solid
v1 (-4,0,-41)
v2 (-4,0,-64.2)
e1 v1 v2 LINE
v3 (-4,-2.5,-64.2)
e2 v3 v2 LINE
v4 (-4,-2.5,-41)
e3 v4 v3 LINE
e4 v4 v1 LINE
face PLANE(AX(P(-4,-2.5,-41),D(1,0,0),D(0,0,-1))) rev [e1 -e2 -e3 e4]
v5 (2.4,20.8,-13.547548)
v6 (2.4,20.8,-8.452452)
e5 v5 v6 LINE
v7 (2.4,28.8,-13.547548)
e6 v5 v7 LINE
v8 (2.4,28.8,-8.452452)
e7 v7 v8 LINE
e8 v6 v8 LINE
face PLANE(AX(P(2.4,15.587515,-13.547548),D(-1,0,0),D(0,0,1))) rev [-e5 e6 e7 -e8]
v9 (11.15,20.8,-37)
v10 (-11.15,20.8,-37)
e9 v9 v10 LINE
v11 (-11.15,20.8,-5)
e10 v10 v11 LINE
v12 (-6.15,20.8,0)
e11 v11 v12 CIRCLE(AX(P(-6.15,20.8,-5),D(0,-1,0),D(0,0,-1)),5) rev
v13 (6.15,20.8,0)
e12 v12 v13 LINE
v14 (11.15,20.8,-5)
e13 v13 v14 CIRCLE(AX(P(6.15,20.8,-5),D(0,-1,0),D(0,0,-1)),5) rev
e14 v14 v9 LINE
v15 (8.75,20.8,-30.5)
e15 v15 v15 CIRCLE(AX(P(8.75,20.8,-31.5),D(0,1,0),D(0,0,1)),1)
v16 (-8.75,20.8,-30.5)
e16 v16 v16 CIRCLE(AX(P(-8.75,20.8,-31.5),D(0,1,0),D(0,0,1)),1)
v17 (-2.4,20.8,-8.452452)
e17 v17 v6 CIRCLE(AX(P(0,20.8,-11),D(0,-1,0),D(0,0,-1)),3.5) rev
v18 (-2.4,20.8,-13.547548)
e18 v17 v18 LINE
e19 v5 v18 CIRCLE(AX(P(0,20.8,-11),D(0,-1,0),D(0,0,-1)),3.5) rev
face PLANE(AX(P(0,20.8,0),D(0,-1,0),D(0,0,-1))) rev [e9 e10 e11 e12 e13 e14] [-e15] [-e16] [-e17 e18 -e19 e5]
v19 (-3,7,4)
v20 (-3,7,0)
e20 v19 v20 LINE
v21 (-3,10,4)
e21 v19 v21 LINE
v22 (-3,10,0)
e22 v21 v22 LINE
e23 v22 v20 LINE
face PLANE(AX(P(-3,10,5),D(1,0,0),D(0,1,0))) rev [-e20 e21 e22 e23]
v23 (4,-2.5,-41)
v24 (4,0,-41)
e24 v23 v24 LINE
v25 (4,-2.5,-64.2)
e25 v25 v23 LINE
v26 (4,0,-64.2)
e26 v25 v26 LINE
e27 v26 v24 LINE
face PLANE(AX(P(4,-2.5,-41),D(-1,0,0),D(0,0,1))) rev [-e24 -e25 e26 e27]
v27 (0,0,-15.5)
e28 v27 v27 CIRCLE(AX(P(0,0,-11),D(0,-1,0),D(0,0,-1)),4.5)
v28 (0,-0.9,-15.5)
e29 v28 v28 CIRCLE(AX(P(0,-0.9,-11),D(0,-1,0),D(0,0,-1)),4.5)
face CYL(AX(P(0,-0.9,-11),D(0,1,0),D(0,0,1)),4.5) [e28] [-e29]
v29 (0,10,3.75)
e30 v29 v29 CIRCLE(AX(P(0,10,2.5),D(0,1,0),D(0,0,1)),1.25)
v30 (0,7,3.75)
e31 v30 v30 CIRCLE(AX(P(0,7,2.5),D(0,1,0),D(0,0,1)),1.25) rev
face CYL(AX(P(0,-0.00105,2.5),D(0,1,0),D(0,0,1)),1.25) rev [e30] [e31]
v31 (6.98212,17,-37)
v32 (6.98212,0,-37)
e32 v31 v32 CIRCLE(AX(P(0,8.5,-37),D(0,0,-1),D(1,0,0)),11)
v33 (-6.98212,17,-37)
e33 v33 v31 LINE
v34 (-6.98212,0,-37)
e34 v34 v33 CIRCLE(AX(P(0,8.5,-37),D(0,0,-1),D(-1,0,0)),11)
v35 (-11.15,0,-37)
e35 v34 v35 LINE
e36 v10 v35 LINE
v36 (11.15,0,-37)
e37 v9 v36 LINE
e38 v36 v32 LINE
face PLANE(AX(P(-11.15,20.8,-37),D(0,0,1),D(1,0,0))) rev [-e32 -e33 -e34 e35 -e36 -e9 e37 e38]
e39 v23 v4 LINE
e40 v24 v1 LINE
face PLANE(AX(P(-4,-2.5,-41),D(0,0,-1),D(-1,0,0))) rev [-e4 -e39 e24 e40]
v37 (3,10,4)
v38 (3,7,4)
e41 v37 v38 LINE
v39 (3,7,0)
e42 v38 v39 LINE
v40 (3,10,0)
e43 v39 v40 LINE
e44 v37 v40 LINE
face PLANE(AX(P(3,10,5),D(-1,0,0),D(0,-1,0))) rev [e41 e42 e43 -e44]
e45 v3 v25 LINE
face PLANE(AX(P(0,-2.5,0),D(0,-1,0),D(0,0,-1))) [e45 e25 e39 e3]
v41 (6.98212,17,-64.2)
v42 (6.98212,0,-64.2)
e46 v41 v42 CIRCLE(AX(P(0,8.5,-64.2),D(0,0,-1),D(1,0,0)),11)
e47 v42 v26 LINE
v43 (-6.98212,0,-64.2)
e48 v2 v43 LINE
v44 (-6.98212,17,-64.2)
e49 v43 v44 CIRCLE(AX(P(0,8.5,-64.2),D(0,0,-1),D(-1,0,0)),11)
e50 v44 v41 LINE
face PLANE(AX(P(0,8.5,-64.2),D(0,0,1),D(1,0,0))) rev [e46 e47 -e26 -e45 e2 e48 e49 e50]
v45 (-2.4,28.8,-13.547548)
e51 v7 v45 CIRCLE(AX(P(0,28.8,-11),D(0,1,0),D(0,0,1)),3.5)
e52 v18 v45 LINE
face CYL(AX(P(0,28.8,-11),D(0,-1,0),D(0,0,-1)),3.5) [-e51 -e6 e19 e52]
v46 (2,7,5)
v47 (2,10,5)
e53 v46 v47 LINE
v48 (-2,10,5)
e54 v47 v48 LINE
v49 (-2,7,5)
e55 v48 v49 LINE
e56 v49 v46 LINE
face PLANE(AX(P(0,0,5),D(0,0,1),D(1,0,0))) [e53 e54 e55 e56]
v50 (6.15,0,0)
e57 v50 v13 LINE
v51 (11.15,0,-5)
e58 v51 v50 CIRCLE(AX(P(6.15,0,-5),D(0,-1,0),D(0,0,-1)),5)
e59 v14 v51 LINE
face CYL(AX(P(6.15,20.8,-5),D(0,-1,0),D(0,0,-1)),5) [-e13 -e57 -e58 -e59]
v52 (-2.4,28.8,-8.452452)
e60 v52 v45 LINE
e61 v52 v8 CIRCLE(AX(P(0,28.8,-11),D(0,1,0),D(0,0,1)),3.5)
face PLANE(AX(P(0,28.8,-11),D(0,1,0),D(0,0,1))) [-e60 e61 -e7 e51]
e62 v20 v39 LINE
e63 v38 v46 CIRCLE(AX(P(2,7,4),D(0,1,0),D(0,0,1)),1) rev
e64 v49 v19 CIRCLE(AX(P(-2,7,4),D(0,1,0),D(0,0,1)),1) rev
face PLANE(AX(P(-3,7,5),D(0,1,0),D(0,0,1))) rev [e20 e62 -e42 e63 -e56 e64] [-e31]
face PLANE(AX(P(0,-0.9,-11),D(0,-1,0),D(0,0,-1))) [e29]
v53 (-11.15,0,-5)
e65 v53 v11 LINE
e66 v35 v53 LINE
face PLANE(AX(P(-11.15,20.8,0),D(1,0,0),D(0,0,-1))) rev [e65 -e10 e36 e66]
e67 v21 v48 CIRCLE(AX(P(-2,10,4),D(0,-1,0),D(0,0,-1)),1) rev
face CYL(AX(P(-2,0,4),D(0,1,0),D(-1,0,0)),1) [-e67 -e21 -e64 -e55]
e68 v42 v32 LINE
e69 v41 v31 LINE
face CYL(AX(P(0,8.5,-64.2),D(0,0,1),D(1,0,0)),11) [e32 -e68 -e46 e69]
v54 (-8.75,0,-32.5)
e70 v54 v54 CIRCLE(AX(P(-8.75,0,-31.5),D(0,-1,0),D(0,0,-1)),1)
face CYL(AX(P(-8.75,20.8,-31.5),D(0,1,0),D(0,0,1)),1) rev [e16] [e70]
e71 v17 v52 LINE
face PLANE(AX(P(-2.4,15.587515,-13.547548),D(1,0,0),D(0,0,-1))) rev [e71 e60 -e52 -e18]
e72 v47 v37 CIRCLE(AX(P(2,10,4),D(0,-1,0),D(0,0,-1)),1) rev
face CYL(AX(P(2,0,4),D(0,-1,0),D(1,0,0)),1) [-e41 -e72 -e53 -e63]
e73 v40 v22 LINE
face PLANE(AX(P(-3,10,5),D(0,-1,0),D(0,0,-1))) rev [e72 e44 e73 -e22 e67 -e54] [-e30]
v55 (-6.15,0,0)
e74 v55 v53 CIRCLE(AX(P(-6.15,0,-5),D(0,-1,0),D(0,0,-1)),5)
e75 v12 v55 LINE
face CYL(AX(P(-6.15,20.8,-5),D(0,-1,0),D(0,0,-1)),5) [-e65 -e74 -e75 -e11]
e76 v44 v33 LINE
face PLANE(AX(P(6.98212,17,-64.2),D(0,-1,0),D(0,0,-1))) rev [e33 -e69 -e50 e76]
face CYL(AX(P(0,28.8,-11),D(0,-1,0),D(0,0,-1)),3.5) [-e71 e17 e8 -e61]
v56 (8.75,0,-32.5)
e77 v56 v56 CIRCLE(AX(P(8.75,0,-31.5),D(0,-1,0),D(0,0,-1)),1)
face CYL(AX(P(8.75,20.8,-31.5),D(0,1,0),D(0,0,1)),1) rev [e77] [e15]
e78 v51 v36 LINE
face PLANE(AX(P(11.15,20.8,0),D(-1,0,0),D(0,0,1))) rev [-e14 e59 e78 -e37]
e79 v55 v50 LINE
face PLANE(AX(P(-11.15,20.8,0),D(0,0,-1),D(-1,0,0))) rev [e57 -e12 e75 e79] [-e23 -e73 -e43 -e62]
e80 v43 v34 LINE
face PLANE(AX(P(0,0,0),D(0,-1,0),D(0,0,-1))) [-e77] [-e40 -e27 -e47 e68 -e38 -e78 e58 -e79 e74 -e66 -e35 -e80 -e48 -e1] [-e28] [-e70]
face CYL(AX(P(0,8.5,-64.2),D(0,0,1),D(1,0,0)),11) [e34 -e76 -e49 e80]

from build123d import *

# Parameters (mm, degrees)
SKETCH1_W             = 22.3
SKETCH1_H             = 37
BOSS_EXTRUDE1_DEPTH   = 20.8
FILLET1_R             = 5
BOSS_EXTRUDE2_DEPTH   = 27.2
SKETCH3_R             = 3.5
BOSS_EXTRUDE3_DEPTH   = 8
CUT_EXTRUDE1_START    = -8
CUT_EXTRUDE1_DEPTH    = 8
SKETCH5_W             = 6
SKETCH5_H             = 3
BOSS_EXTRUDE4_DEPTH   = 5
CUT_EXTRUDE2_REACH    = 69.819
SKETCH7_R             = 1.25
FILLET2_R             = 1
F_2_0MM_DOWEL_HOLE1_D = 2
SKETCH10_W            = 8
SKETCH10_H            = 23.2
BOSS_EXTRUDE5_DEPTH   = 2.5
SKETCH11_R            = 4.5
BOSS_EXTRUDE6_DEPTH   = 0.9


with BuildPart() as part:
    # Sketch1 → Boss-Extrude1 (new body)
    with BuildSketch(Plane(origin=(0, 0, 0), x_dir=(1, 0, 0), z_dir=(0, 1, 0))):
        with Locations((0, 18.5)):
            Rectangle(SKETCH1_W, SKETCH1_H)
    extrude(amount=BOSS_EXTRUDE1_DEPTH)

    # Fillet1
    fillet1_edges = [part.edges().sort_by_distance(p)[0] for p in [
        (11.15, 10.4, 0),
        (-11.15, 10.4, 0),
    ]]
    fillet(fillet1_edges, radius=FILLET1_R)

    # Sketch2 → Boss-Extrude2 (add)
    with BuildSketch(Plane(origin=(0, 0, -37), x_dir=(-1, 0, 0), z_dir=(0, 0, -1))):
        with BuildLine():
            Line((-6.982120022, 0), (6.982120022, 0))
            ThreePointArc((6.982120022, 0), (11, 8.5), (6.982120022, 17))
            Line((6.982120022, 17), (-6.982120022, 17))
            ThreePointArc((-6.982120022, 17), (-11, 8.5), (-6.982120022, 0))
        make_face()
    extrude(amount=BOSS_EXTRUDE2_DEPTH)

    # Sketch3 → Boss-Extrude3 (add)
    with BuildSketch(Plane(origin=(0, 20.8, 0), x_dir=(1, 0, 0), z_dir=(0, 1, 0))):
        with Locations(Location((0, 11, 0), (0, 0, 90))):
            Circle(SKETCH3_R)
    extrude(amount=BOSS_EXTRUDE3_DEPTH)

    # Sketch4 → Cut-Extrude1 (cut)
    with BuildSketch(Plane(origin=(0, 28.8, 0), x_dir=(1, 0, 0), z_dir=(0, 1, 0)).offset(CUT_EXTRUDE1_START)):
        with BuildLine():
            Line((-2.4, 13.547547841), (-2.4, 8.452452159))
            ThreePointArc((-2.4, 8.452452159), (-3.5, 11), (-2.4, 13.547547841))
        make_face()
        with BuildLine():
            Line((2.4, 13.547547841), (2.4, 8.452452159))
            ThreePointArc((2.4, 8.452452159), (3.5, 11), (2.4, 13.547547841))
        make_face()
    extrude(amount=CUT_EXTRUDE1_DEPTH, mode=Mode.SUBTRACT)

    # Sketch5 → Boss-Extrude4 (add)
    with BuildSketch(Plane.XY):
        with Locations((0, 8.5)):
            Rectangle(SKETCH5_W, SKETCH5_H)
    extrude(amount=BOSS_EXTRUDE4_DEPTH)

    # Sketch7 → Cut-Extrude2 (cut, up to next)
    with BuildSketch(Plane(origin=(0, 10, 0), x_dir=(1, 0, 0), z_dir=(0, 1, 0)), mode=Mode.PRIVATE) as cut_extrude2_sk1:
        with Locations(Location((0, -2.5, 0), (0, 0, 270))):
            Circle(SKETCH7_R)
    cut_extrude2_tool1 = extrude(cut_extrude2_sk1.sketch, amount=-CUT_EXTRUDE2_REACH, mode=Mode.PRIVATE) & part.part
    add(cut_extrude2_tool1.solids().sort_by_distance((0, 10, 2.5))[0], mode=Mode.SUBTRACT)

    # Fillet2
    fillet2_edges = [part.edges().sort_by_distance(p)[0] for p in [
        (3, 8.5, 5),
        (-3, 8.5, 5),
    ]]
    fillet(fillet2_edges, radius=FILLET2_R)

    # Ø2.0mm Dowel Hole1 (through all)
    with Locations(Plane(origin=(0, 20.8, 0), x_dir=(1, 0, 0), z_dir=(0, 1, 0))):
        with Locations((-8.75, 31.5), (8.75, 31.5)):
            Hole(F_2_0MM_DOWEL_HOLE1_D / 2)

    # Sketch10 → Boss-Extrude5 (add)
    with BuildSketch(Plane.XZ):
        with Locations((0, -52.6)):
            Rectangle(SKETCH10_W, SKETCH10_H)
    extrude(amount=BOSS_EXTRUDE5_DEPTH)

    # Sketch11 → Boss-Extrude6 (add)
    with BuildSketch(Plane.XZ):
        with Locations(Location((0, -11, 0), (0, 0, 270))):
            Circle(SKETCH11_R)
    extrude(amount=BOSS_EXTRUDE6_DEPTH)


solid = part.part
